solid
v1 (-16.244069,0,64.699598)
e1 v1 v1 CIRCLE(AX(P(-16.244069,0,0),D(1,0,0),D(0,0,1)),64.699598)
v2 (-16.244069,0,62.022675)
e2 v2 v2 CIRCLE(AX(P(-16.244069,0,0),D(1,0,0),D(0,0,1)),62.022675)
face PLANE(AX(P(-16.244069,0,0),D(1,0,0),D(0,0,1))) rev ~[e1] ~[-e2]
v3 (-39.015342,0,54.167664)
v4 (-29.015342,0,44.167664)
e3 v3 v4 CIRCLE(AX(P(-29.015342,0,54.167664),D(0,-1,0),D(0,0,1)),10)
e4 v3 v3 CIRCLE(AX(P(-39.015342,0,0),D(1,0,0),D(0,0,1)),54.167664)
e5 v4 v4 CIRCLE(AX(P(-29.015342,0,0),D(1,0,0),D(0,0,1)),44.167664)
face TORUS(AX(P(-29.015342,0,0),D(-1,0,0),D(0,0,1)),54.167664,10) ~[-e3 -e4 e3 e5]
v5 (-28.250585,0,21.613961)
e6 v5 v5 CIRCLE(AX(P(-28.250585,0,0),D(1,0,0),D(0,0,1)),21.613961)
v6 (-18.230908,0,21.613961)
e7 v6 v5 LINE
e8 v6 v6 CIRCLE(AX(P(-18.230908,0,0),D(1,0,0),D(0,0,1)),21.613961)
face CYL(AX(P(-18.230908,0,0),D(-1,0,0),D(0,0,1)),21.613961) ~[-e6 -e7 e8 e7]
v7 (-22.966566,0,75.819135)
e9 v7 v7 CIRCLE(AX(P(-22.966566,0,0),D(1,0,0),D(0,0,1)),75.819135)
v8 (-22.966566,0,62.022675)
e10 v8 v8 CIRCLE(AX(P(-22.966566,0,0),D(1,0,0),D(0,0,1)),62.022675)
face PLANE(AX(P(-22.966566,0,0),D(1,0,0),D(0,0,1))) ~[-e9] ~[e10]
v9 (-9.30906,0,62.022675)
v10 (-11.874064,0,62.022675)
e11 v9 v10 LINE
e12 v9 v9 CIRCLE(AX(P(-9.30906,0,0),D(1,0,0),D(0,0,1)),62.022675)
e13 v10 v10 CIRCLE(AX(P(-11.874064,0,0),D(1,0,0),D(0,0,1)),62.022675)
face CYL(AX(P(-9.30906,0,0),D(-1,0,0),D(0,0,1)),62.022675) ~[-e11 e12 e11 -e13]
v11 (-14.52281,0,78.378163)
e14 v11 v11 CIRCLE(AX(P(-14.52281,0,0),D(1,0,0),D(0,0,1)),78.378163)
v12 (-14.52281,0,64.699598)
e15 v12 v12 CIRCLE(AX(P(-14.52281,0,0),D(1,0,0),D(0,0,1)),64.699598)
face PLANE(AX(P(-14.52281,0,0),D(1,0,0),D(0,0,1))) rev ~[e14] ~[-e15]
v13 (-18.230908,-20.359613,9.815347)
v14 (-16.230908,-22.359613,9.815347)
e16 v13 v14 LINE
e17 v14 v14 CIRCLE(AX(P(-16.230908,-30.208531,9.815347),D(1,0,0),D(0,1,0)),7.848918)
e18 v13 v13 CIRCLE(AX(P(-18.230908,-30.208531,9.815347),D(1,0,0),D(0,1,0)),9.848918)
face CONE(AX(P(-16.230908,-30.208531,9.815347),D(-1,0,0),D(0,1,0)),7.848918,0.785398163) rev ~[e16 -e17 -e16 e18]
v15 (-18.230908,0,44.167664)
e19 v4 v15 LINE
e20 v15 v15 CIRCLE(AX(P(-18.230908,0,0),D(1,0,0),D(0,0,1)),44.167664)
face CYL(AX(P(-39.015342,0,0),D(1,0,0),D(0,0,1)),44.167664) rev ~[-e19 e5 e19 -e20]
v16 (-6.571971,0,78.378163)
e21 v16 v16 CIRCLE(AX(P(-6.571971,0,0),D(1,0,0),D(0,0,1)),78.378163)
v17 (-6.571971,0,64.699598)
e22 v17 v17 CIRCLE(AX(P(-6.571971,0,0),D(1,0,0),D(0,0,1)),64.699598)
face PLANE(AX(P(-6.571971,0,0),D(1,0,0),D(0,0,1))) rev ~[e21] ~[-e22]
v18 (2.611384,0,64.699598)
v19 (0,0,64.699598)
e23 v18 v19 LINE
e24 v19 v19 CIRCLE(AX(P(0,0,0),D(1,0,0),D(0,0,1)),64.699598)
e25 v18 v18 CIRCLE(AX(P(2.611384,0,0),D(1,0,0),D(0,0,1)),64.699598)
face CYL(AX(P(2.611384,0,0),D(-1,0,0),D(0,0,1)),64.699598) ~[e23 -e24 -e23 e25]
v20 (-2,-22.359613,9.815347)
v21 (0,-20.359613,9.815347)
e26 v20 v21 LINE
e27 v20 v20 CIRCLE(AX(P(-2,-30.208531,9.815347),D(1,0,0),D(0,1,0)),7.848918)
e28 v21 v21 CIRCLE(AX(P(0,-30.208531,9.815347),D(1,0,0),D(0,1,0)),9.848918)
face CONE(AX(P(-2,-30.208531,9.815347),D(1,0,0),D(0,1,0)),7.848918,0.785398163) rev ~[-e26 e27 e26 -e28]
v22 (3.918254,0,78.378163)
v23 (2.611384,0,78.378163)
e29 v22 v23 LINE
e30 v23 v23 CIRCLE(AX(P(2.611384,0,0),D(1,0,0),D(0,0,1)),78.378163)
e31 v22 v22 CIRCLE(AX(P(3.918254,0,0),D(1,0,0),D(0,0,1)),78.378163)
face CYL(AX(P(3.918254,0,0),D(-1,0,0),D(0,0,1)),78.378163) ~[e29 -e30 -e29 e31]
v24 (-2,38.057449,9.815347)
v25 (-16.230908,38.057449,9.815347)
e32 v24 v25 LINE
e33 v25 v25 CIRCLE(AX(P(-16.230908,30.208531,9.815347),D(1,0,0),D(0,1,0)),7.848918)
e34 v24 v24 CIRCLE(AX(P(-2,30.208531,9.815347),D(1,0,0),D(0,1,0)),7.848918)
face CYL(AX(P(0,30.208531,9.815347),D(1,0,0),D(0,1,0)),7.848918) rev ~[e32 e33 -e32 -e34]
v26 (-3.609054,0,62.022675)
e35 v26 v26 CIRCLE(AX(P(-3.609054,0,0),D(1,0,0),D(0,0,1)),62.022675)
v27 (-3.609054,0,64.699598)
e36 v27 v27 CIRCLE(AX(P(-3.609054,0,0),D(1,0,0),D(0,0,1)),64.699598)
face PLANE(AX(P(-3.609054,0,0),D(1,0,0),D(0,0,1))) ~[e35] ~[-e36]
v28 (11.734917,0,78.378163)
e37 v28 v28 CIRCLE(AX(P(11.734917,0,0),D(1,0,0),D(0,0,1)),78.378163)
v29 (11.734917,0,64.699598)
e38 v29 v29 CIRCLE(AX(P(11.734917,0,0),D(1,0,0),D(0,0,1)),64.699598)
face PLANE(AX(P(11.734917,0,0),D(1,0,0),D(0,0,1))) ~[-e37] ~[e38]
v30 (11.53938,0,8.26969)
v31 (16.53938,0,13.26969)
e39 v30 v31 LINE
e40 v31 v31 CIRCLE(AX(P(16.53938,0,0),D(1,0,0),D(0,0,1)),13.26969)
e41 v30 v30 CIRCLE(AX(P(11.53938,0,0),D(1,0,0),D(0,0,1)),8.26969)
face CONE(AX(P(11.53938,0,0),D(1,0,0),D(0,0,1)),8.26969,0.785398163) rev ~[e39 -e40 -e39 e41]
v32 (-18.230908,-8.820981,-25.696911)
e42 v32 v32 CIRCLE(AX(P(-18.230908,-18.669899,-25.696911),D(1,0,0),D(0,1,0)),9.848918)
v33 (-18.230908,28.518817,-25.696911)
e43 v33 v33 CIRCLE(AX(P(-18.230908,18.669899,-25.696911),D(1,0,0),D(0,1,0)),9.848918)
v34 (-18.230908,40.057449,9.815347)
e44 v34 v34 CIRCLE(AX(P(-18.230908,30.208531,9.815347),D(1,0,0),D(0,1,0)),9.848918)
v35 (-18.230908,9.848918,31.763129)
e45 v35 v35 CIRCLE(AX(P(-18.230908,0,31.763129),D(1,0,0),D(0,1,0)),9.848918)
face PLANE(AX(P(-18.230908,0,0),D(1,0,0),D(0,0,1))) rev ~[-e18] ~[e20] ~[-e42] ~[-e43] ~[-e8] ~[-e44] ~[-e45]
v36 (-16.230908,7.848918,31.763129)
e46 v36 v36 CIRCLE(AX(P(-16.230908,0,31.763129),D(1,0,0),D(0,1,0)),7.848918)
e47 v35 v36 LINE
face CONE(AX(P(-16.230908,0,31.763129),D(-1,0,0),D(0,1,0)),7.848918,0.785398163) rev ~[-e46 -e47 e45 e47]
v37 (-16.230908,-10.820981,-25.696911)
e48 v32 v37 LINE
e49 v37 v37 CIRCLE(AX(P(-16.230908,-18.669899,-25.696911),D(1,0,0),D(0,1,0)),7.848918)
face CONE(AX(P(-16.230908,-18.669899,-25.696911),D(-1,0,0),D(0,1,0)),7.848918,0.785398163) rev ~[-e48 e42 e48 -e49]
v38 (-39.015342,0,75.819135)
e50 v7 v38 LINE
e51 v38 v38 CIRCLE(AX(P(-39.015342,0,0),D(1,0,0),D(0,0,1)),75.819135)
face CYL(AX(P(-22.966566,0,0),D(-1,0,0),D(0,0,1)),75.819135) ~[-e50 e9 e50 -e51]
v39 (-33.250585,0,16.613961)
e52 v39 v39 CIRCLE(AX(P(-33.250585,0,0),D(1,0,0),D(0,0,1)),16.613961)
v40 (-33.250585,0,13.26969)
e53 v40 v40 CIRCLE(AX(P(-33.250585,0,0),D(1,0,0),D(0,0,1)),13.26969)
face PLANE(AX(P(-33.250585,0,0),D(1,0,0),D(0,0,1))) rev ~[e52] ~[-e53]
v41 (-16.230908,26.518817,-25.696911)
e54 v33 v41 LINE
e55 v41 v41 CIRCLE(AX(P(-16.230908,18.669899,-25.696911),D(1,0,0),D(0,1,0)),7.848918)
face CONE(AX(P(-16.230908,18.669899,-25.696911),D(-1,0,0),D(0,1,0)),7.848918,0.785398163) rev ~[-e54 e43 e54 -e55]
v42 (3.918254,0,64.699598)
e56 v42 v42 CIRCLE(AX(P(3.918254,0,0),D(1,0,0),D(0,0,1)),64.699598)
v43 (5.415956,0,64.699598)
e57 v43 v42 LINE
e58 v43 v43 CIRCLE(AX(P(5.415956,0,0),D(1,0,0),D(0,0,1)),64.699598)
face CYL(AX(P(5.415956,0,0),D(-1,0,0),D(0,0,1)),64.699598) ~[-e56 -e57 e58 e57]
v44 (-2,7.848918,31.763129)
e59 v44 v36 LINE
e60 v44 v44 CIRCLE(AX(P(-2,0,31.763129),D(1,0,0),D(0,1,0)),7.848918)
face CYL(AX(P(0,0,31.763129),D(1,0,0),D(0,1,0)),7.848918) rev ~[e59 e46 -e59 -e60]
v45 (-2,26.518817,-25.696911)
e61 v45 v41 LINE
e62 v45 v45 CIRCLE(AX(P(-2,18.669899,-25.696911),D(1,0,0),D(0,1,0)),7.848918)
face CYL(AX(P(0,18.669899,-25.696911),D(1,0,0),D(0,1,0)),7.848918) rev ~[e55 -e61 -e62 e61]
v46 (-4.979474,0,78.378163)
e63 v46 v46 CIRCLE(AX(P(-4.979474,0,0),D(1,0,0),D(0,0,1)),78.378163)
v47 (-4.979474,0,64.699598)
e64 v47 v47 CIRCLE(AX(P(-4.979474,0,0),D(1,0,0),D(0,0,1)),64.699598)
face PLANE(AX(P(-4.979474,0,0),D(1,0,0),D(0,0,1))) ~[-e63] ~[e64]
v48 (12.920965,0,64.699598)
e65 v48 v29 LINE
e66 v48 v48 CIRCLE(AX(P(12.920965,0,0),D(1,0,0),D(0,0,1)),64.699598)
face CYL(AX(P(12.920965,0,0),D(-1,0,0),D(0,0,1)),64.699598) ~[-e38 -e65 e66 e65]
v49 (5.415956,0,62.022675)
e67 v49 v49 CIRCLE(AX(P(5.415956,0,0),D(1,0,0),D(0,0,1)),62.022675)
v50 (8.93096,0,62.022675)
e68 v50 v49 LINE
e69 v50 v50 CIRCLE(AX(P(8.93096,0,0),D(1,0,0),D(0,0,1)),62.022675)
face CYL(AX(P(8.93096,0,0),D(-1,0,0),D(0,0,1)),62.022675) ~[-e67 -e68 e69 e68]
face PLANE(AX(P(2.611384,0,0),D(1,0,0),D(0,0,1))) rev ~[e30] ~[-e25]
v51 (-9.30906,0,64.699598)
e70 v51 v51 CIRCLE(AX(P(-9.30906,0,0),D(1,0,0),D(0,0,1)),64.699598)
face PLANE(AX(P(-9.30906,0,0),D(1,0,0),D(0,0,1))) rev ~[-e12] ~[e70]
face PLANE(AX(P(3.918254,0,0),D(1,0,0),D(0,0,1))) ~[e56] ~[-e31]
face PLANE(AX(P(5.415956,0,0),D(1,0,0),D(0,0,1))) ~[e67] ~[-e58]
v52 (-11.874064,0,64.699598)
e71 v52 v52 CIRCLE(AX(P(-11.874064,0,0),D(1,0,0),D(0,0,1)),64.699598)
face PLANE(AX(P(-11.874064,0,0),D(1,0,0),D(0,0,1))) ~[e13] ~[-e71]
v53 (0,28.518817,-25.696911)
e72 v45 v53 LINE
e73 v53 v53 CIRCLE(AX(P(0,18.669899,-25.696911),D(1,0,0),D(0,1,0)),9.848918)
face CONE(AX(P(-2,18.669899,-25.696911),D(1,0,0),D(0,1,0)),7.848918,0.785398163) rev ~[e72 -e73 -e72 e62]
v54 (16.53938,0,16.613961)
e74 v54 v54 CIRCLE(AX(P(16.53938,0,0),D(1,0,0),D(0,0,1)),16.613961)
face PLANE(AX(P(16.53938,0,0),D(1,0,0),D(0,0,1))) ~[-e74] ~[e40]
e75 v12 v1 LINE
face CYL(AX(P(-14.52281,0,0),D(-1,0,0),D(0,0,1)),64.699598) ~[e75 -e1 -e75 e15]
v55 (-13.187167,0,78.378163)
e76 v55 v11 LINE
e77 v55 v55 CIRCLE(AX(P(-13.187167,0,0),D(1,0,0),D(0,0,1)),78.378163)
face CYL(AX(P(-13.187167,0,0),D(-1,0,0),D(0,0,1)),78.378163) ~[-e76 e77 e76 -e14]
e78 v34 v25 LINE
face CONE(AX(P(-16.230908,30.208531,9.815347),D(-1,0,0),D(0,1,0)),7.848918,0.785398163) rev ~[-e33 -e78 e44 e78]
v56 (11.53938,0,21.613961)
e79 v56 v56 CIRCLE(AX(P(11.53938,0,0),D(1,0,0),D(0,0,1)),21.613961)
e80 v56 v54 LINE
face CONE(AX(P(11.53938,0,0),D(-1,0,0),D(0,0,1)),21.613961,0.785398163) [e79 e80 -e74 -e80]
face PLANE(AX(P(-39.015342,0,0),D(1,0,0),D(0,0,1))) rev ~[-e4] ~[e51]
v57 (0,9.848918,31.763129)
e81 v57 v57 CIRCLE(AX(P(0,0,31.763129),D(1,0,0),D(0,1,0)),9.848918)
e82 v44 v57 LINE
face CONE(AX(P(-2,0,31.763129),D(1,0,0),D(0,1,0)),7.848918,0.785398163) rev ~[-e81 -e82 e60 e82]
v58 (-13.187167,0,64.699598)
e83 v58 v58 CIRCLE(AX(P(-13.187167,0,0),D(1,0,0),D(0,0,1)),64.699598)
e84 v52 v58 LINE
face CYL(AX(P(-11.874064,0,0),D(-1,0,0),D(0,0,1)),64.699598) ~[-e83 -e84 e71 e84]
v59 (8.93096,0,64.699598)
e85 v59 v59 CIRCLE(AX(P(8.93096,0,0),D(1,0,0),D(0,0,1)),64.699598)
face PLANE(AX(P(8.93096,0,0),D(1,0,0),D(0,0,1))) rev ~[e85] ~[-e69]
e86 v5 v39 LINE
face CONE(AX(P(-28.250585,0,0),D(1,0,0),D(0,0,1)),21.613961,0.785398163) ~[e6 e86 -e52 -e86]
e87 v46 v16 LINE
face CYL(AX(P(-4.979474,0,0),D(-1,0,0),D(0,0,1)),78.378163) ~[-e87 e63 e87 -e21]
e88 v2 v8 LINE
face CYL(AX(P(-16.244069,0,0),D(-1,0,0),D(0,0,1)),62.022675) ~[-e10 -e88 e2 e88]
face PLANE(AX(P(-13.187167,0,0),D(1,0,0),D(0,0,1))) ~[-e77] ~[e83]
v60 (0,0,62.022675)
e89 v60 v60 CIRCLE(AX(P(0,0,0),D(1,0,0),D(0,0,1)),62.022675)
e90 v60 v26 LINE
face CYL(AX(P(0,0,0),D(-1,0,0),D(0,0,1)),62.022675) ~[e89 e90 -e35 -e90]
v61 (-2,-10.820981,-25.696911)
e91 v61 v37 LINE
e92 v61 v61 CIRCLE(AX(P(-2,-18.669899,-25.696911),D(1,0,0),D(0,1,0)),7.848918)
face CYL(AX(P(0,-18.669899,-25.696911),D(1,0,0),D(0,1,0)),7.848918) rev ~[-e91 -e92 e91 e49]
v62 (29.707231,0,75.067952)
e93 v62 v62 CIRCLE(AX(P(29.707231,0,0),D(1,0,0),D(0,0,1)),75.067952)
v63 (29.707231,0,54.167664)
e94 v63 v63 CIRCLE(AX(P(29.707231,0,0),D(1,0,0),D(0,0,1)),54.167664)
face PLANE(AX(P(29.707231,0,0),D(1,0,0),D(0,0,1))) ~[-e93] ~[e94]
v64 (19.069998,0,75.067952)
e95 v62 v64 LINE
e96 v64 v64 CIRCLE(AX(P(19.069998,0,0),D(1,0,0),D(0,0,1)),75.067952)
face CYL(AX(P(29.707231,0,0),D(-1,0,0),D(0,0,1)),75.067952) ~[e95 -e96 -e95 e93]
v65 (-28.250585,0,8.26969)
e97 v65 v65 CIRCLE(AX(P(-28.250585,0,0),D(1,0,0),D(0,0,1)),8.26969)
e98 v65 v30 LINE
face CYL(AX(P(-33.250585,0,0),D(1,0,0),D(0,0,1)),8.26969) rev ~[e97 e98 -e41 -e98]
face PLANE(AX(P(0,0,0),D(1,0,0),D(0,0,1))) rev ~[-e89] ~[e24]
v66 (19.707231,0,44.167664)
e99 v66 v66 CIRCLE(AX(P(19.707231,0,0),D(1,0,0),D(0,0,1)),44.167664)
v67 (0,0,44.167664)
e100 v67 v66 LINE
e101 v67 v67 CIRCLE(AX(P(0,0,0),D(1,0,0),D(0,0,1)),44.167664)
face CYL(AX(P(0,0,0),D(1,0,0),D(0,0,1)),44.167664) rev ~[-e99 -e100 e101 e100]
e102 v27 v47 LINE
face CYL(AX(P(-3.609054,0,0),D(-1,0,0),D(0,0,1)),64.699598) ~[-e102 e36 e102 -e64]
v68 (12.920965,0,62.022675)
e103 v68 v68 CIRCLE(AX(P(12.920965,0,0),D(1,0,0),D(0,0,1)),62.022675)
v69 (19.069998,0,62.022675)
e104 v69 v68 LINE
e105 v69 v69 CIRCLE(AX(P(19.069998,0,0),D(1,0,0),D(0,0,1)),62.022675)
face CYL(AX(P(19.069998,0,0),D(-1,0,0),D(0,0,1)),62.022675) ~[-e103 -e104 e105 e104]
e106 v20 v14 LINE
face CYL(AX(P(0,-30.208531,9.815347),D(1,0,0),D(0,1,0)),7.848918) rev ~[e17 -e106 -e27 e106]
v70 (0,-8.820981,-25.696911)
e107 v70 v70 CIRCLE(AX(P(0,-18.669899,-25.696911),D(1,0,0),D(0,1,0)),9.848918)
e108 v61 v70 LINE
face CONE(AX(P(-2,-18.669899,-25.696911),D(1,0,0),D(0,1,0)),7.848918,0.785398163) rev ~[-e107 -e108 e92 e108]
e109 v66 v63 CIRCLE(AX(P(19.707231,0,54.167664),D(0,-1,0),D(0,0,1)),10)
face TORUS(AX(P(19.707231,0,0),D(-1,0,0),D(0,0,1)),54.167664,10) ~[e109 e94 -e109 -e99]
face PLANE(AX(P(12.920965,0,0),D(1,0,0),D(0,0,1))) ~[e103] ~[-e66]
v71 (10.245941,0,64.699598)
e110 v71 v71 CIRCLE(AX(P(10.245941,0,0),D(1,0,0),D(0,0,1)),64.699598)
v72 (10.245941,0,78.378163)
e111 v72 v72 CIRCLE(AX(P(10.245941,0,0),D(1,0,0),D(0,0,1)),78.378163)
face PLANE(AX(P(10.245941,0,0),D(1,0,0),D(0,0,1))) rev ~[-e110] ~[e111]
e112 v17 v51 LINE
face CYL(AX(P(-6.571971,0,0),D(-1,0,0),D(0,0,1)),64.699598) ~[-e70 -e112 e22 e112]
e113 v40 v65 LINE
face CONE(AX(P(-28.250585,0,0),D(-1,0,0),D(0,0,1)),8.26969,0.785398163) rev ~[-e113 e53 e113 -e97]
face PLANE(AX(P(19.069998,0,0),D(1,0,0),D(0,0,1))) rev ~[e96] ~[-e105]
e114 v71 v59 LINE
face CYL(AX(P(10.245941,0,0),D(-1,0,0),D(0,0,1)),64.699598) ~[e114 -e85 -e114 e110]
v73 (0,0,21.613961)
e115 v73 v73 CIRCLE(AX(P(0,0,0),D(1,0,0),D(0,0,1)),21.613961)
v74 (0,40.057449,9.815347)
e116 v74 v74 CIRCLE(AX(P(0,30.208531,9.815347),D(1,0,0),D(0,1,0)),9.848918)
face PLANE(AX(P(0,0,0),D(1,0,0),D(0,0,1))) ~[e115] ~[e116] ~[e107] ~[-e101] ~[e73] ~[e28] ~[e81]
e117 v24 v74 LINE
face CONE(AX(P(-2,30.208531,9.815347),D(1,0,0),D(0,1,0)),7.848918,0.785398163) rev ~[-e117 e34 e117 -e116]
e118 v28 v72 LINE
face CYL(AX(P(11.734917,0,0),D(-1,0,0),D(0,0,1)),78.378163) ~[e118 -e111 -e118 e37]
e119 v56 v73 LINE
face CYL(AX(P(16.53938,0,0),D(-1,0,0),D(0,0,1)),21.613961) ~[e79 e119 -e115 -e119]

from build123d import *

# Parameters (mm, degrees)
F2_R     = 7.848918
F3_DEPTH = 25
F4_R     = 10
F5_SIZE  = 5
F6_SIZE  = 5
F7_SIZE  = 2


with BuildPart() as f1:
    # F0 (on Front) → F1 (revolve)
    with BuildSketch(Plane.XZ):
        Polygon((-16.244069, 62.022675), (-22.966566, 62.022675), (-22.966566, 75.819135), (-39.015342, 75.819135), (-39.015342, 62.022675), (-39.015342, 44.167664), (-18.230908, 44.167664), (-18.230908, 21.613961), (-33.250585, 21.613961), (-33.250585, 8.26969), (16.53938, 8.26969), (16.53938, 21.613961), (0, 21.613961), (0, 44.167664), (29.707231, 44.167664), (29.707231, 62.022675), (29.707231, 75.067952), (19.069998, 75.067952), (19.069998, 62.022675), (12.920965, 62.022675), (12.920965, 64.699598), (11.734917, 64.699598), (11.734917, 78.378163), (10.245941, 78.378163), (10.245941, 64.699598), (8.93096, 64.699598), (8.93096, 62.022675), (5.415956, 62.022675), (5.415956, 64.699598), (3.918254, 64.699598), (3.918254, 78.378163), (2.611384, 78.378163), (2.611384, 64.699598), (0, 64.699598), (0, 62.022675), (-3.609054, 62.022675), (-3.609054, 64.699598), (-4.979474, 64.699598), (-4.979474, 78.378163), (-6.571971, 78.378163), (-6.571971, 64.699598), (-9.30906, 64.699598), (-9.30906, 62.022675), (-11.874064, 62.022675), (-11.874064, 64.699598), (-13.187167, 64.699598), (-13.187167, 78.378163), (-14.52281, 78.378163), (-14.52281, 64.699598), (-16.244069, 64.699598), align=None)
    revolve(axis=Axis((13.626195, 0, 0), (1, 0, 0)))

    # F2 (on face) → F3 (cut)
    with BuildSketch(Plane.YZ):
        with Locations((0, 31.763129)):
            Circle(F2_R)
        with Locations((30.208531, 9.815347)):
            Circle(F2_R)
        with Locations((18.669899, -25.696911)):
            Circle(F2_R)
        with Locations((-18.669899, -25.696911)):
            Circle(F2_R)
        with Locations((-30.208531, 9.815347)):
            Circle(F2_R)
    extrude(amount=-F3_DEPTH, mode=Mode.SUBTRACT)

    # F4
    f4_edges = [f1.edges().sort_by_distance(p)[0] for p in [
        (-39.015342, 0, -44.167664),
        (29.707231, 0, -44.167664),
    ]]
    fillet(f4_edges, radius=F4_R)

    # F5
    f5_edges = [f1.edges().sort_by_distance(p)[0] for p in [
        (16.53938, 0, -21.613961),
        (-33.250585, 0, -21.613961),
    ]]
    chamfer(f5_edges, length=F5_SIZE)

    # F6
    f6_edges = [f1.edges().sort_by_distance(p)[0] for p in [
        (16.53938, 0, -8.26969),
        (-33.250585, 0, -8.26969),
    ]]
    chamfer(f6_edges, length=F6_SIZE)

    # F7
    f7_edges = [f1.edges().sort_by_distance(p)[0] for p in [
        (0, -7.848918, 31.763129),
        (0, 22.359612, 9.815347),
        (0, 10.82098, -25.696911),
        (0, -26.518817, -25.696911),
        (0, -38.057449, 9.815347),
        (-18.230908, -7.848918, 31.763129),
        (-18.230908, -38.057449, 9.815347),
        (-18.230908, -26.518817, -25.696911),
        (-18.230908, 10.82098, -25.696911),
        (-18.230908, 22.359612, 9.815347),
    ]]
    chamfer(f7_edges, length=F7_SIZE)


solid = f1.part
